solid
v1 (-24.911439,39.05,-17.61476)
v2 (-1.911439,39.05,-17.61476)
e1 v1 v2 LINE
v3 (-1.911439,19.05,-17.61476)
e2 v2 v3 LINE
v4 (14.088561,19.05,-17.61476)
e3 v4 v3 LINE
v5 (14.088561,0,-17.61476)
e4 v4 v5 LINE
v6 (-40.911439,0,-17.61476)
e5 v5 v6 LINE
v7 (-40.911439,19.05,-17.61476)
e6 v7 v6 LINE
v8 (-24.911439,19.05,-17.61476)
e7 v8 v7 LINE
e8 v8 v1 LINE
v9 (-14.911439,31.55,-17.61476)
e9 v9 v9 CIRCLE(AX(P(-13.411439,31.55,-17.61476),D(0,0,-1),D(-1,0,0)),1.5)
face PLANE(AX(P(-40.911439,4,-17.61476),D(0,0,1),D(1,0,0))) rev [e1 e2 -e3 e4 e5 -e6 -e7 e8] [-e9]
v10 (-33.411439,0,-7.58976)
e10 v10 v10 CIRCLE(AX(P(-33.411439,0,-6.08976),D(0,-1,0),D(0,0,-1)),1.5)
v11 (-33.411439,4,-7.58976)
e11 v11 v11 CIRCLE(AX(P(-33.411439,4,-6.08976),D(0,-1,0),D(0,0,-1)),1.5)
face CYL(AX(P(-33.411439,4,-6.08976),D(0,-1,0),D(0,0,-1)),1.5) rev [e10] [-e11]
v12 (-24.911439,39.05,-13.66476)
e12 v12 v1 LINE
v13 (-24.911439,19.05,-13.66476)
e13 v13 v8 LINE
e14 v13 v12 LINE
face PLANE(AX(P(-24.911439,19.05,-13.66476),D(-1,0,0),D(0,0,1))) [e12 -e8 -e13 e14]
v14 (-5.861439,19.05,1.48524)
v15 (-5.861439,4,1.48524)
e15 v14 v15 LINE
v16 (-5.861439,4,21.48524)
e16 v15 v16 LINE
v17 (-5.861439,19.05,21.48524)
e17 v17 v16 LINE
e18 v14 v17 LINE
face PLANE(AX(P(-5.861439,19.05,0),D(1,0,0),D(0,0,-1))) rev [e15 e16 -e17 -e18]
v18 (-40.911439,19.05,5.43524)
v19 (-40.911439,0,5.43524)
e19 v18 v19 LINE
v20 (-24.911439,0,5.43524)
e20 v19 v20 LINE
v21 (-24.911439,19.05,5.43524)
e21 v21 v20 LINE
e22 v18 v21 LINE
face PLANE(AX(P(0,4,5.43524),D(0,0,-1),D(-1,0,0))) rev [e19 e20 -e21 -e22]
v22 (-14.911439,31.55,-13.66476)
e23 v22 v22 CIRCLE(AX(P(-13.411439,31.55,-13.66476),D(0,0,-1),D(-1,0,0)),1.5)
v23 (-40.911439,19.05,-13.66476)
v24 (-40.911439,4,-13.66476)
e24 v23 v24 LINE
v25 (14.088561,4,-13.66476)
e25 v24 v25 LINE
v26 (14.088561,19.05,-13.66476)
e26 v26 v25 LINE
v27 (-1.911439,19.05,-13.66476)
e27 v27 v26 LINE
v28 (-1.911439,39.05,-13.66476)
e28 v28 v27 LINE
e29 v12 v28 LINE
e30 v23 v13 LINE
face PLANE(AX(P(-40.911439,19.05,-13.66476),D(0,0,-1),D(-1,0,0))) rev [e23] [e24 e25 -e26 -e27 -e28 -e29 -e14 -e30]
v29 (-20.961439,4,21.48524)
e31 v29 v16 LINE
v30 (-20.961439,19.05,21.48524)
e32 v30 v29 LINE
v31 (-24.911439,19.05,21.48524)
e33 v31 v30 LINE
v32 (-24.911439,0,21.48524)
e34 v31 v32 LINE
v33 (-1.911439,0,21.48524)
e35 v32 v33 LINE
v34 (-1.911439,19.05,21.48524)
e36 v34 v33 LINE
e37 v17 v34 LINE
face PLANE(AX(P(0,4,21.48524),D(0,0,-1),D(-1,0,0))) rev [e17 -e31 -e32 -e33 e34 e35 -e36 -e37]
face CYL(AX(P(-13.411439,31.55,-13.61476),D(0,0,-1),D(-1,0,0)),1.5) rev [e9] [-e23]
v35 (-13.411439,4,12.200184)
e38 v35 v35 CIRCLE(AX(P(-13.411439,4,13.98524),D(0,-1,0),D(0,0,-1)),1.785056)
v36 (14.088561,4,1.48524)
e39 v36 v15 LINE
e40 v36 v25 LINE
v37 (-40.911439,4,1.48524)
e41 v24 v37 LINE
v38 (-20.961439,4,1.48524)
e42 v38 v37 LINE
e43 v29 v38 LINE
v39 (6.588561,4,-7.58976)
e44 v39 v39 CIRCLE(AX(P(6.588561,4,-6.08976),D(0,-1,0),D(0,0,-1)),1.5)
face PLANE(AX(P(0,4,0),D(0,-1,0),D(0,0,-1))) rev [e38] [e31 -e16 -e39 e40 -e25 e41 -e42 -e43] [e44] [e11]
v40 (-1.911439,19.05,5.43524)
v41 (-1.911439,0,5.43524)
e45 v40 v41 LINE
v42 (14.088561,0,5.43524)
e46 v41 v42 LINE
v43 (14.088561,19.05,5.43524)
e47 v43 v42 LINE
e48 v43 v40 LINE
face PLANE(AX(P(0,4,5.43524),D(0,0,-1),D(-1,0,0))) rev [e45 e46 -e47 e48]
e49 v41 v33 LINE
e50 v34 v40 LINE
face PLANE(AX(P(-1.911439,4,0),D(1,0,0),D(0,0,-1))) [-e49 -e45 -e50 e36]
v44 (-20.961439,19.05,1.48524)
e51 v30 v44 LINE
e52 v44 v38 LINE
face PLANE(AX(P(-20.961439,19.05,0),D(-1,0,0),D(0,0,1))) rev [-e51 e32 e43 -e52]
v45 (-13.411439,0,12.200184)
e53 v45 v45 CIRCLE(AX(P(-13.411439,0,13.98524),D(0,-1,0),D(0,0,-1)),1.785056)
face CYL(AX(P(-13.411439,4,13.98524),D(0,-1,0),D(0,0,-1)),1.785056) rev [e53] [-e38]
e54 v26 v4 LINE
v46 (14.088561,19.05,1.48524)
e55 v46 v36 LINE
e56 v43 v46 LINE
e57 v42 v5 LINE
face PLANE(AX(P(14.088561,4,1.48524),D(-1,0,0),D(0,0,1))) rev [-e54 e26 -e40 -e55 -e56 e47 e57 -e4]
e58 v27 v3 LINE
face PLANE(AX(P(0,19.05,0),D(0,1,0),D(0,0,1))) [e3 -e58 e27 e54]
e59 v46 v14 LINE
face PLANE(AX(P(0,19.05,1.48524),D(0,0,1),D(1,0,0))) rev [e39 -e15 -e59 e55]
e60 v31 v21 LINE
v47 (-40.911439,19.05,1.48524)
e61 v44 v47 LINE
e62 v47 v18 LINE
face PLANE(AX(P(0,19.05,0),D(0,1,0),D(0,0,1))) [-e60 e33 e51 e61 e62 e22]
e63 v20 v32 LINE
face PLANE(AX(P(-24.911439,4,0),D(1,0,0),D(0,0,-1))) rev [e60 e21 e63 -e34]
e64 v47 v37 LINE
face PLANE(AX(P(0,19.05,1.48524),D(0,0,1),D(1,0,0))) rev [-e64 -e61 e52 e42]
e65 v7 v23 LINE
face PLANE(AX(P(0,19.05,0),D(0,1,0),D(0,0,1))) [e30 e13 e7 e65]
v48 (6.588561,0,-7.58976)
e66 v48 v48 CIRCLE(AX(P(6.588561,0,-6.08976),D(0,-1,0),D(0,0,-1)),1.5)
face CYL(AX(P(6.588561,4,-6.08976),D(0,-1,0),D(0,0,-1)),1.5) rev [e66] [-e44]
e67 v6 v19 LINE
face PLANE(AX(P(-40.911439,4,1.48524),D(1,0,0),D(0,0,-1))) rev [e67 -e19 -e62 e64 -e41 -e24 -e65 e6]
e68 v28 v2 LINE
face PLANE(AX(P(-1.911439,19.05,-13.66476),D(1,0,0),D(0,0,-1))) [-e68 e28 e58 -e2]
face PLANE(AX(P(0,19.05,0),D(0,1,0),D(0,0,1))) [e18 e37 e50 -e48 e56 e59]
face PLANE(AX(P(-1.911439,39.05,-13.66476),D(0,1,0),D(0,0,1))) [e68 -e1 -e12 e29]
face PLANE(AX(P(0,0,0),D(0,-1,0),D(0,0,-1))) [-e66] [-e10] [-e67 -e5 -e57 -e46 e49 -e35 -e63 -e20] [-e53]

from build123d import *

# Parameters (mm, degrees)
SKETCH_1_W          = 55
SKETCH_1_H          = 19.1
EXTRUDE_1_DEPTH     = 4
SKETCH_2_W          = 55
SKETCH_2_H          = 3.95
EXTRUDE_2_DEPTH     = 15.05
EXTRUDE_3_DEPTH     = 4
SKETCH_4_W          = 3.95
SKETCH_4_H          = 16.05
SKETCH_4_W_2        = 16
SKETCH_4_H_2        = 3.95
EXTRUDE_4_DEPTH     = 15.05
SKETCH_5_W          = 23
SKETCH_5_H          = 20
EXTRUDE_5_DEPTH     = 3.95
SKETCH_6_R          = 1.5
CUT_EXTRUDE_1_DEPTH = 4
SKETCH_7_R          = 1.5
SKETCH_7_R_2        = 1.78505628
CUT_EXTRUDE_2_DEPTH = 4


with BuildPart() as part:
    # 草图1 → 凸台-拉伸1 (new body)
    with BuildSketch(Plane(origin=(0, 0, 0), x_dir=(1, 0, 0), z_dir=(0, 1, 0))):
        with Locations((-13.411439114, 8.064760148)):
            Rectangle(SKETCH_1_W, SKETCH_1_H)
    extrude(amount=EXTRUDE_1_DEPTH)

    # 草图2 → 凸台-拉伸2 (add)
    with BuildSketch(Plane(origin=(0, 4, 0), x_dir=(1, 0, 0), z_dir=(0, 1, 0))):
        with Locations((-13.411439114, 15.639760148)):
            Rectangle(SKETCH_2_W, SKETCH_2_H)
    extrude(amount=EXTRUDE_2_DEPTH)



with BuildPart() as body_2:
    # 草图3 → 凸台-拉伸3 (new body)
    with BuildSketch(Plane.XZ):
        Polygon((-40.911439114, 5.435239852), (-40.911439114, 1.485239852), (-28.911439114, 1.485239852), (-5.911439114, 1.485239852), (14.088560886, 1.485239852), (14.088560886, 5.435239852), (-1.911439114, 5.435239852), (-1.911439114, 21.485239852), (-24.911439114, 21.485239852), (-24.911439114, 5.435239852), align=None)
    extrude(amount=-EXTRUDE_3_DEPTH)


with BuildPart() as part_1:
    add(part.part)

    add(body_2.part)  # 凸台-拉伸4 merges body 2
    # 草图4 → 凸台-拉伸4 (add)
    with BuildSketch(Plane(origin=(0, 4, 0), x_dir=(1, 0, 0), z_dir=(0, 1, 0))):
        with Locations((-3.886439114, -13.460239852)):
            Rectangle(SKETCH_4_W, SKETCH_4_H)
        Polygon((-1.911439114, -5.435239852), (14.088560886, -5.435239852), (14.088560886, -1.485239852), (-5.861439114, -1.485239852), (-5.861439114, -5.435239852), align=None)
        Polygon((-20.961439114, -21.485239852), (-20.961439114, -1.485239852), (-24.911439114, -1.485239852), (-24.911439114, -5.435239852), (-24.911439114, -21.485239852), align=None)
        with Locations((-32.911439114, -3.460239852)):
            Rectangle(SKETCH_4_W_2, SKETCH_4_H_2)
    extrude(amount=EXTRUDE_4_DEPTH)

    # 草图5 → 凸台-拉伸5 (add)
    with BuildSketch(Plane(origin=(0, 0, -17.614760148), x_dir=(-1, 0, 0), z_dir=(0, 0, -1))):
        with Locations((13.411439114, 29.05)):
            Rectangle(SKETCH_5_W, SKETCH_5_H)
    extrude(amount=-EXTRUDE_5_DEPTH)

    # 草图6 → 切除-拉伸1 (cut)
    with BuildSketch(Plane(origin=(0, 0, -17.614760148), x_dir=(-1, 0, 0), z_dir=(0, 0, -1))):
        with Locations((13.411439114, 31.55)):
            Circle(SKETCH_6_R)
    extrude(amount=-CUT_EXTRUDE_1_DEPTH, mode=Mode.SUBTRACT)

    # 草图7 → 切除-拉伸2 (cut)
    with BuildSketch(Plane.XZ):
        with Locations((6.588560886, -6.089760148)):
            Circle(SKETCH_7_R)
        with Locations((-33.411439114, -6.089760148)):
            Circle(SKETCH_7_R)
        with Locations((-13.411439114, 13.985239852)):
            Circle(SKETCH_7_R_2)
    extrude(amount=-CUT_EXTRUDE_2_DEPTH, mode=Mode.SUBTRACT)


solid = part_1.part
